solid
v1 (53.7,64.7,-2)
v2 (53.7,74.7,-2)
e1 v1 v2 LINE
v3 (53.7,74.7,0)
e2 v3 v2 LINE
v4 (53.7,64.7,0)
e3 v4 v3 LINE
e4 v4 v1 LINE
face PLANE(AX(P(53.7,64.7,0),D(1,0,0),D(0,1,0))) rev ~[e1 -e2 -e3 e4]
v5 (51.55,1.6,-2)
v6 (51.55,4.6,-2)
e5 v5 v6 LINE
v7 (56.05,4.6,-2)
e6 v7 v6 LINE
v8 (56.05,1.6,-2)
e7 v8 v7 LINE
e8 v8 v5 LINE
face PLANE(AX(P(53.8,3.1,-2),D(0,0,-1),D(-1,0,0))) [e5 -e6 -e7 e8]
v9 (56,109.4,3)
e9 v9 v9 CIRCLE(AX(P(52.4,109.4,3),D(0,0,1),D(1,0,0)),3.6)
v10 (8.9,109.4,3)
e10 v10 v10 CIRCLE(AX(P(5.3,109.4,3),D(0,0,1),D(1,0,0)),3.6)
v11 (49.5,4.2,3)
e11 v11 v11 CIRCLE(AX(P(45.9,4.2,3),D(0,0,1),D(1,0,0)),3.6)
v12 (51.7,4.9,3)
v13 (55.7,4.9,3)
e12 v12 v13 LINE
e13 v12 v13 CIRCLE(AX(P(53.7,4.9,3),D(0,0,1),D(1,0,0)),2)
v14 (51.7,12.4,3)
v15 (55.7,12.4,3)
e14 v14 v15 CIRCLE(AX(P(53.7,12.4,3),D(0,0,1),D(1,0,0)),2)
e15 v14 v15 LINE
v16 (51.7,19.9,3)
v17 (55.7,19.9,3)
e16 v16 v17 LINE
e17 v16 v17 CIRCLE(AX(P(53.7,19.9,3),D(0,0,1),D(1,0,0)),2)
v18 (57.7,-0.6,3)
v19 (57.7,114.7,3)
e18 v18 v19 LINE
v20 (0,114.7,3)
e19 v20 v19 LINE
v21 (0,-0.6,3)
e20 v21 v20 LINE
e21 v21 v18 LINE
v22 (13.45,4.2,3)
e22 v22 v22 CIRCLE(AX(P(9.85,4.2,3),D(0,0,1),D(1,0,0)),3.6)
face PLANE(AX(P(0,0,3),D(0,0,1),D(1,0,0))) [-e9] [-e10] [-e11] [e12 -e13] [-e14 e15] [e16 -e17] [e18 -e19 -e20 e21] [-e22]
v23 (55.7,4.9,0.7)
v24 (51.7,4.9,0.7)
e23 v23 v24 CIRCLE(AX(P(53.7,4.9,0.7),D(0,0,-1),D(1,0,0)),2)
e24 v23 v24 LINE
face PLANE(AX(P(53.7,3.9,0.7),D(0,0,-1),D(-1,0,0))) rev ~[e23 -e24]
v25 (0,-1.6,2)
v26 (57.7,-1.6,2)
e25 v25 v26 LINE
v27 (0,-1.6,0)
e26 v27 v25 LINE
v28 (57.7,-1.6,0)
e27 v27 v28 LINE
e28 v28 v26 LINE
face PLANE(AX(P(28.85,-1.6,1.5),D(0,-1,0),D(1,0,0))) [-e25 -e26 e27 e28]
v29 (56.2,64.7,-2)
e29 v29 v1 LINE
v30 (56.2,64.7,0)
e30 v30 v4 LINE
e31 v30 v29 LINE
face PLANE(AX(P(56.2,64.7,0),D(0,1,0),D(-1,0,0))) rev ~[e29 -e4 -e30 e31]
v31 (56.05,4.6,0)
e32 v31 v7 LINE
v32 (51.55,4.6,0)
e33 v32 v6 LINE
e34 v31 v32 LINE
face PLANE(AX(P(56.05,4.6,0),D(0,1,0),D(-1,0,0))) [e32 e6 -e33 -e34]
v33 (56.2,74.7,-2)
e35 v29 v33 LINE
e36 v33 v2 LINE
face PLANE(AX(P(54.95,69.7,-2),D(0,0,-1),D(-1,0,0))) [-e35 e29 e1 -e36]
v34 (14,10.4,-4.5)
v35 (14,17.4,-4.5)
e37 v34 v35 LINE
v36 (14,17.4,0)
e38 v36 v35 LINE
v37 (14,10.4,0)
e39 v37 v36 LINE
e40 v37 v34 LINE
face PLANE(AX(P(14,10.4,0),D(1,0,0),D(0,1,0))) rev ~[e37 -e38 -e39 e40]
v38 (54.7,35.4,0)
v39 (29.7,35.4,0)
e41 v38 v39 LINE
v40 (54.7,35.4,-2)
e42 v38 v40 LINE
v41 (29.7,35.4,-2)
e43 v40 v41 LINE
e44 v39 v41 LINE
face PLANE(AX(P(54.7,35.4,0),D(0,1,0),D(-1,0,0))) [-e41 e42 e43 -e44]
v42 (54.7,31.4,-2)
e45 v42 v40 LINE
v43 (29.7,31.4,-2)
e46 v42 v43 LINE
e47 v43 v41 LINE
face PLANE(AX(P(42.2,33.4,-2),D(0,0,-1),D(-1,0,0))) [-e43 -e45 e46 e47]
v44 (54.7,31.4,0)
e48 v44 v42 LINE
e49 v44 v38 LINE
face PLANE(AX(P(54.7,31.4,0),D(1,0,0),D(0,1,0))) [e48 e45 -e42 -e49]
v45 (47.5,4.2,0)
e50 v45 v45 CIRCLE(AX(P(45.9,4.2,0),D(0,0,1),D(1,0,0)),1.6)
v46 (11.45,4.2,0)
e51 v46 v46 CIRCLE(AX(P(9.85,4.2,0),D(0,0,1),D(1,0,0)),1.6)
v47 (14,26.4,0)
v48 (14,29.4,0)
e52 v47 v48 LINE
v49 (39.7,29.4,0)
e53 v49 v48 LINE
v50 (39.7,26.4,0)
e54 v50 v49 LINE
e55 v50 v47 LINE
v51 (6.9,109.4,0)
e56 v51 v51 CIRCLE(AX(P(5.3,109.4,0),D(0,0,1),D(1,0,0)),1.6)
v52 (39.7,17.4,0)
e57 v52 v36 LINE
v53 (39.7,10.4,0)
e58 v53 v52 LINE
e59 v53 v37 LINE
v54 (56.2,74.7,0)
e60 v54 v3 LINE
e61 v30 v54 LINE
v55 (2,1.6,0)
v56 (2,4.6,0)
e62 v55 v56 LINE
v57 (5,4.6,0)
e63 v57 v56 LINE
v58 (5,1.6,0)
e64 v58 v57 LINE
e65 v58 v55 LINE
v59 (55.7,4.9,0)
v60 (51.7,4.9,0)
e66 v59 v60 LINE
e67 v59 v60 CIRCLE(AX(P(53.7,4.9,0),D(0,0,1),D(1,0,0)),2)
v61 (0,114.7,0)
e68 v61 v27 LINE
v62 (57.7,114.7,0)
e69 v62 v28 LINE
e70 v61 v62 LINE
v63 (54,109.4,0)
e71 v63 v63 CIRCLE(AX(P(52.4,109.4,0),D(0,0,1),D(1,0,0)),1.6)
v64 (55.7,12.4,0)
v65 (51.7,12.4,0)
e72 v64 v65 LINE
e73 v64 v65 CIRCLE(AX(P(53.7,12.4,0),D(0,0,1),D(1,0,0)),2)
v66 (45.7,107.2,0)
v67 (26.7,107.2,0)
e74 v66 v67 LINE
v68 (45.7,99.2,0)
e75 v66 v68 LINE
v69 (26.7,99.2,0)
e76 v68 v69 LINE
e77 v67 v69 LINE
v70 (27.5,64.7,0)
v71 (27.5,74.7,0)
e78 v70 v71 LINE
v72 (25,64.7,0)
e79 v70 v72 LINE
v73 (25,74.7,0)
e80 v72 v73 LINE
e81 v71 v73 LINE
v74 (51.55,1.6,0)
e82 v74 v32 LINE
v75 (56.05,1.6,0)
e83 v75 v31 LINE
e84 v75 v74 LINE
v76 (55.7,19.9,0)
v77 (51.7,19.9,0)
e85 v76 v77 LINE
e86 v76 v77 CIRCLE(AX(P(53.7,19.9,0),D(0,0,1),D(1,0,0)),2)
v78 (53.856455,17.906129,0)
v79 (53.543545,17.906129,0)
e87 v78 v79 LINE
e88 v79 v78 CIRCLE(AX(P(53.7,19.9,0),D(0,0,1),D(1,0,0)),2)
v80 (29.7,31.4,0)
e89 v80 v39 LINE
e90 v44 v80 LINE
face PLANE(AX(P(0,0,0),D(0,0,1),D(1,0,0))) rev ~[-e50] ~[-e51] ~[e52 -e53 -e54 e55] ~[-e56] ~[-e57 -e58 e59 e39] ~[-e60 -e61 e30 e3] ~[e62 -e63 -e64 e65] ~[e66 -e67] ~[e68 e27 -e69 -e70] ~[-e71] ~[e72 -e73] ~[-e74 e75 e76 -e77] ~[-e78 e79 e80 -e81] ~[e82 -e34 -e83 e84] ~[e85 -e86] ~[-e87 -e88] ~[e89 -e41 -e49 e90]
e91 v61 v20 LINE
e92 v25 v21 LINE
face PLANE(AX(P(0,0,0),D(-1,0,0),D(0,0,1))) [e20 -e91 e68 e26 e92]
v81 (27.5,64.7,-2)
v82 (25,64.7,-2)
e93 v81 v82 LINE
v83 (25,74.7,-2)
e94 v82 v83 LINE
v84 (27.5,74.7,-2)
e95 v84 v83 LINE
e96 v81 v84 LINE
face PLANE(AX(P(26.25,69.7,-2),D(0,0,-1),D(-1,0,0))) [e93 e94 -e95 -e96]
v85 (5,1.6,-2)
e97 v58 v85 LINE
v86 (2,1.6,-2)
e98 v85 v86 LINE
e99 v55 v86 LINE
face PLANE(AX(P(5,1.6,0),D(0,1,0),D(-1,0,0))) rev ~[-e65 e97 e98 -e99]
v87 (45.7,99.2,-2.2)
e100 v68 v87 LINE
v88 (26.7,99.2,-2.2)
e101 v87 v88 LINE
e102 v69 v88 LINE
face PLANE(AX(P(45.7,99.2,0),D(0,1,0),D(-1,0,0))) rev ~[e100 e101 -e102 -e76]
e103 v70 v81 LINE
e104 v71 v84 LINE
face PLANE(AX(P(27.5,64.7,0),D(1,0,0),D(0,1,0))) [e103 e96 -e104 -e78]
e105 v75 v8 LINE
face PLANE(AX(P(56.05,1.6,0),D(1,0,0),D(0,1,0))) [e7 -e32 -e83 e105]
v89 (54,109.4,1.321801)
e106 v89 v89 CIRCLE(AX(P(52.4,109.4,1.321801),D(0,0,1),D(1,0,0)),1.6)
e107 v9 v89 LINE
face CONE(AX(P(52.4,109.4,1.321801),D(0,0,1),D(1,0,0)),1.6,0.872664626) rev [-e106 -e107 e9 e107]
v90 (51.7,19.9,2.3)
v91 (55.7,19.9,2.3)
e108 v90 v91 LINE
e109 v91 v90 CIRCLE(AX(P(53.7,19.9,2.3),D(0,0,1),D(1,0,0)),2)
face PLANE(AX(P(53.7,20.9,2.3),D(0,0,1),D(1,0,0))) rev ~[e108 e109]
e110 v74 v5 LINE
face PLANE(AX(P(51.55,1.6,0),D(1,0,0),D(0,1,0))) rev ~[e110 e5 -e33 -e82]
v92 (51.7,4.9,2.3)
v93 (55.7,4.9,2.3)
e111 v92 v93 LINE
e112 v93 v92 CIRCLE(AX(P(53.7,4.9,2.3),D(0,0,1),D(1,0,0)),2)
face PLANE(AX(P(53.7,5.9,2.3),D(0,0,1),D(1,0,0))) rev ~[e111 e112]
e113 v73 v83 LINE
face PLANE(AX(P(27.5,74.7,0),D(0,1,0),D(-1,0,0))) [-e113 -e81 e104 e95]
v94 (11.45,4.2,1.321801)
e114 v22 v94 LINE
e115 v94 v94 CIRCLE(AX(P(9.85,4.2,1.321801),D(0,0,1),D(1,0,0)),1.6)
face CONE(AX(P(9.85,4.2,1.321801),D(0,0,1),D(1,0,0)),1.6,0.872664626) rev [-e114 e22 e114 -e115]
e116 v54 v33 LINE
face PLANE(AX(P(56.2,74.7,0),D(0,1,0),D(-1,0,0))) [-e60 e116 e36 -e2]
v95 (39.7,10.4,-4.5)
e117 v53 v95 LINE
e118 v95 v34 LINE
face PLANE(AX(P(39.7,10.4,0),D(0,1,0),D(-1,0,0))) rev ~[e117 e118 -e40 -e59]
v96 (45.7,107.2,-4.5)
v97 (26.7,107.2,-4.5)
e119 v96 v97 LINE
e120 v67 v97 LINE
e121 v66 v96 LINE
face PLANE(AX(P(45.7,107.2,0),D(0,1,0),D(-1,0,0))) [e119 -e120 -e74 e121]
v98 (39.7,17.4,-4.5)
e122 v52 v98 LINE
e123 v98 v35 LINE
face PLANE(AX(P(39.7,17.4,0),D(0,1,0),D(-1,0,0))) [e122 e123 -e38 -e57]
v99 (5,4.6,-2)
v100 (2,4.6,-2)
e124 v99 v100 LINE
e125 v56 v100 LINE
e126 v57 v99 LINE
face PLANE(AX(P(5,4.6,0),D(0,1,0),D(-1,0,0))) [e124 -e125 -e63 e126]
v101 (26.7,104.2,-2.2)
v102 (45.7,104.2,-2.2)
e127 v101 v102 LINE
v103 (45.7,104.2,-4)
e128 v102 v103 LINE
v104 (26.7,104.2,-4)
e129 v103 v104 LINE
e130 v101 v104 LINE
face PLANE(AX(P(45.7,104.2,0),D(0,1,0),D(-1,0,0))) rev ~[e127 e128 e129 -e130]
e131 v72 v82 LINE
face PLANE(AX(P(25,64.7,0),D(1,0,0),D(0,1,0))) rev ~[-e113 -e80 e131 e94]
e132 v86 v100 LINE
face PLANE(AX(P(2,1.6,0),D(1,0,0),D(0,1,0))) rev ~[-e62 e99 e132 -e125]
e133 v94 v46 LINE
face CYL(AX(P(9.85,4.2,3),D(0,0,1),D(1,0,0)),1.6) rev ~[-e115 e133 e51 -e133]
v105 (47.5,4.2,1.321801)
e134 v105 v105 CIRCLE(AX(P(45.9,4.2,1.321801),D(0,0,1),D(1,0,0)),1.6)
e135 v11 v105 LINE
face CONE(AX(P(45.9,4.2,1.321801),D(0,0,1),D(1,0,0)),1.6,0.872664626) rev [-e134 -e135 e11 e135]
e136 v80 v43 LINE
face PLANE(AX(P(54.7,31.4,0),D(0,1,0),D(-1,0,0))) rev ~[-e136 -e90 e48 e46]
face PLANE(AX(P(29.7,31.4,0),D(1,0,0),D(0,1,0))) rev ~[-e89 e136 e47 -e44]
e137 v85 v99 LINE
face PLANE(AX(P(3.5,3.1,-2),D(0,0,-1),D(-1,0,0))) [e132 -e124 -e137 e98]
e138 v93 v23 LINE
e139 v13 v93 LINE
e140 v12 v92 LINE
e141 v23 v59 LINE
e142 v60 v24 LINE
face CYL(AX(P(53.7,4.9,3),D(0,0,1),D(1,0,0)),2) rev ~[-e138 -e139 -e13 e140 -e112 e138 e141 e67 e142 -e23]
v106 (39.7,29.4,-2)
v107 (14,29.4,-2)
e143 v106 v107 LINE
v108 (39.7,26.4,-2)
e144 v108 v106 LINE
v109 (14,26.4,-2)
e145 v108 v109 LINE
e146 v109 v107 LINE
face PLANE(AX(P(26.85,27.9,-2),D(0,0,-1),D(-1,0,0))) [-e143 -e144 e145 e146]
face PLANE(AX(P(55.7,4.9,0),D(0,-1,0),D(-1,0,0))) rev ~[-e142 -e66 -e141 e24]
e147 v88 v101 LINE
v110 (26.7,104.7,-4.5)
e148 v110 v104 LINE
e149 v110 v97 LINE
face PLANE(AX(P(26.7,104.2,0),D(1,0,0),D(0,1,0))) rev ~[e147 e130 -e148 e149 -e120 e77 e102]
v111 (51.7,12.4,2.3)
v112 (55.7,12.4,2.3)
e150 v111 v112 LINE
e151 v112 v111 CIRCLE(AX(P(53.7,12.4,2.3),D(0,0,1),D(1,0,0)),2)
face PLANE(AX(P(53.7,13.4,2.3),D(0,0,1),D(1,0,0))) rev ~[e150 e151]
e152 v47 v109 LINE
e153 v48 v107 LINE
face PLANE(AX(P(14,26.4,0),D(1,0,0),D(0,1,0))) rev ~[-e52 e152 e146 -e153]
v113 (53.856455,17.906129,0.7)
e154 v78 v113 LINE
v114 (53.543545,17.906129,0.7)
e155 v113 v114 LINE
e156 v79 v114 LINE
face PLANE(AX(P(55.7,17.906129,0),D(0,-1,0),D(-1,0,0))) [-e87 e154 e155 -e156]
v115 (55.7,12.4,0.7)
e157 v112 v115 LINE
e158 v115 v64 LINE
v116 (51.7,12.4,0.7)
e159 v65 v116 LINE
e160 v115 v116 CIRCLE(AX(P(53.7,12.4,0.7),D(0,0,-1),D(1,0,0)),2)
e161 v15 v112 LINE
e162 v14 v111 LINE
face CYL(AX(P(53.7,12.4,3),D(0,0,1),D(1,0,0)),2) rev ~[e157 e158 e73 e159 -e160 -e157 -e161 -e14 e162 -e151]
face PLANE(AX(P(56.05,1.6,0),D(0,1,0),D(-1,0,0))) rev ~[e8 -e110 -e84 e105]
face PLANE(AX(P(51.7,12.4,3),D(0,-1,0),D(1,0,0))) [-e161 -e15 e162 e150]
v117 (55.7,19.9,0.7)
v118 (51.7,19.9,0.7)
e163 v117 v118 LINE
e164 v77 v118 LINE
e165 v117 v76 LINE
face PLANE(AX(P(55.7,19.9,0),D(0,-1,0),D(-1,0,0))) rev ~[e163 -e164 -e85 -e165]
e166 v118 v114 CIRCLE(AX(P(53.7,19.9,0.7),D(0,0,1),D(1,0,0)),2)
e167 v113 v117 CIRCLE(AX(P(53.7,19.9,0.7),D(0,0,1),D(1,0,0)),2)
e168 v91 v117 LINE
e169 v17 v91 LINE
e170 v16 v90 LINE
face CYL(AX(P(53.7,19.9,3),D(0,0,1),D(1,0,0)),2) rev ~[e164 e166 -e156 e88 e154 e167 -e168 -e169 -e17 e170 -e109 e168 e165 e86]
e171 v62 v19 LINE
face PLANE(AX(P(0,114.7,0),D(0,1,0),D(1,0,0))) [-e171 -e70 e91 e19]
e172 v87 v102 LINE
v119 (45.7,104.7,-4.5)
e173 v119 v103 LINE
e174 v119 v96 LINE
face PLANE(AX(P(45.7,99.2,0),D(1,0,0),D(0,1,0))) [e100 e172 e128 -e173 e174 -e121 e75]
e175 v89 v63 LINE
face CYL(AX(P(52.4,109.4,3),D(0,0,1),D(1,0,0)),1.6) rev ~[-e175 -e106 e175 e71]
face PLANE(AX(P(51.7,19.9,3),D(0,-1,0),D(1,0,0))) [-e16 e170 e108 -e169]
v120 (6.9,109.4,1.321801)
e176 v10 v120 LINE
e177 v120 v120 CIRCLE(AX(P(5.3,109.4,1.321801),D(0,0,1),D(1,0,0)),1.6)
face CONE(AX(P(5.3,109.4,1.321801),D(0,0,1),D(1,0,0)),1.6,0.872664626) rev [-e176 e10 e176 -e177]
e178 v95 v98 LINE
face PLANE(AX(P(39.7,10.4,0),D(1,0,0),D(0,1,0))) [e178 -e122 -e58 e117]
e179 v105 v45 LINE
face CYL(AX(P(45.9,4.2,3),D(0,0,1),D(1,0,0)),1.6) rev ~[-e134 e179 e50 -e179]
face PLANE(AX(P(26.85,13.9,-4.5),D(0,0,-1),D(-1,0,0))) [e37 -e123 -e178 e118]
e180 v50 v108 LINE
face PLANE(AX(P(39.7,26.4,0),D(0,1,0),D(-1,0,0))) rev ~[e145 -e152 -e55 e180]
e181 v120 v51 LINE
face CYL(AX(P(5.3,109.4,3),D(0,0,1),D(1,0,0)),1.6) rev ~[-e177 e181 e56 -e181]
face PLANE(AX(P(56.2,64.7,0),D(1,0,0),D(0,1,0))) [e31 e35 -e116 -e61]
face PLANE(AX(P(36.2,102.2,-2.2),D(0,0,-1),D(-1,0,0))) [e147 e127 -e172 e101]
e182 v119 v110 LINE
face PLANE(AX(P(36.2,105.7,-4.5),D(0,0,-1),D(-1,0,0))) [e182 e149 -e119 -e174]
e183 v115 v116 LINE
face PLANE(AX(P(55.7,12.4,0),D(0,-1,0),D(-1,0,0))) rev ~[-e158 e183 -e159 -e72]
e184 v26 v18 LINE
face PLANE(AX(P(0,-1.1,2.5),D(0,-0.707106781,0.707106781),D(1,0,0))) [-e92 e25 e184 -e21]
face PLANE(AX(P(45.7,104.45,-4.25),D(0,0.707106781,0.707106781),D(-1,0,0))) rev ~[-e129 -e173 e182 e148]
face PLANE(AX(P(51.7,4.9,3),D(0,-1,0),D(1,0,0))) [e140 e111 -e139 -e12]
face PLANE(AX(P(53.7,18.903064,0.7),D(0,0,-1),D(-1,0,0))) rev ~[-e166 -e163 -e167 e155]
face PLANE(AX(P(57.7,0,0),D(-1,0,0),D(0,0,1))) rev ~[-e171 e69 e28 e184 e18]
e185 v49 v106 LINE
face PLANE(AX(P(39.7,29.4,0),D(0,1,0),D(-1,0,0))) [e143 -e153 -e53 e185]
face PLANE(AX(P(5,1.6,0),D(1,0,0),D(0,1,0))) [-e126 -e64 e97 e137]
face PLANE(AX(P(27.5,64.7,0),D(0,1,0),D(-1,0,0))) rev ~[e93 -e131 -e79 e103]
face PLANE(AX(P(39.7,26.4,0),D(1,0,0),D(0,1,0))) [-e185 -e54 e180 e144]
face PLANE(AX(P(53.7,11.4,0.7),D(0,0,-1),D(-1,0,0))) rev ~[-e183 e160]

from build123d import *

# Parameters (mm, degrees)
SKETCH1_W            = 57.7
SKETCH1_H            = 114.7
BOSS_EXTRUDE1_DEPTH  = 3
SKETCH2_R            = 1.6
CUT_EXTRUDE1_DEPTH   = 3
CHAMFER1_SIZE        = 2
CHAMFER1_SIZE2       = 1.678199262
SKETCH4_W            = 57.7
SKETCH4_H            = 3
BOSS_EXTRUDE2_DEPTH  = 1.6
SKETCH5_W            = 19
SKETCH5_H            = 6
BOSS_EXTRUDE3_DEPTH  = 2.2
SKETCH7_W            = 19
SKETCH7_H            = 3
BOSS_EXTRUDE4_DEPTH  = 4.5
CHAMFER2_SIZE        = 0.5
SKETCH8_W            = 25.7
SKETCH8_H            = 3
SKETCH8_W_2          = 25
SKETCH8_H_2          = 4
BOSS_EXTRUDE5_DEPTH  = 2
SKETCH9_W            = 25.7
SKETCH9_H            = 7
BOSS_EXTRUDE6_DEPTH  = 4.5
SKETCH10_R           = 2
CUT_EXTRUDE2_DEPTH   = 3
SKETCH11_W           = 4
SKETCH11_H           = 2
BOSS_EXTRUDE7_DEPTH  = 0.7
SKETCH12_W           = 4
SKETCH12_H           = 1.993871031
SKETCH12_H_2         = 2
BOSS_EXTRUDE11_DEPTH = 0.7
SKETCH13_W           = 4.5
SKETCH13_H           = 3
SKETCH13_W_2         = 3
BOSS_EXTRUDE12_DEPTH = 2
SKETCH14_W           = 2.5
SKETCH14_H           = 10
BOSS_EXTRUDE13_DEPTH = 2
CHAMFER3_SIZE        = 1


with BuildPart() as part:
    # Sketch1 → Boss-Extrude1 (new body)
    with BuildSketch(Plane.XY):
        with Locations((28.85, 57.35)):
            Rectangle(SKETCH1_W, SKETCH1_H)
    extrude(amount=BOSS_EXTRUDE1_DEPTH)

    # Sketch2 → Cut-Extrude1 (cut)
    with BuildSketch(Plane.XY.offset(3)):
        with Locations((5.3, 109.4)):
            Circle(SKETCH2_R)
        with Locations((52.4, 109.4)):
            Circle(SKETCH2_R)
        with Locations((9.85, 4.2)):
            Circle(SKETCH2_R)
        with Locations((45.9, 4.2)):
            Circle(SKETCH2_R)
    extrude(amount=-CUT_EXTRUDE1_DEPTH, mode=Mode.SUBTRACT)

    # Chamfer1
    chamfer1_edges = [part.edges().sort_by_distance(p)[0] for p in [
        (3.7, 109.4, 3),
        (44.3, 4.2, 3),
        (8.25, 4.2, 3),
        (50.8, 109.4, 3),
    ]]
    chamfer1_side = [part.faces().sort_by_distance(p)[0] for p in [
        (28.85238123, 57.352686516, 3),
    ]]
    chamfer(chamfer1_edges, length=CHAMFER1_SIZE, length2=CHAMFER1_SIZE2, reference=chamfer1_side[0])

    # Sketch4 → Boss-Extrude2 (add)
    with BuildSketch(Plane.XZ):
        with Locations((28.85, 1.5)):
            Rectangle(SKETCH4_W, SKETCH4_H)
    extrude(amount=BOSS_EXTRUDE2_DEPTH)

    # Sketch5 → Boss-Extrude3 (add)
    with BuildSketch(Plane(origin=(0, 0, 0), x_dir=(-1, 0, 0), z_dir=(0, 0, -1))):
        with Locations((-36.2, 102.2)):
            Rectangle(SKETCH5_W, SKETCH5_H)
    extrude(amount=BOSS_EXTRUDE3_DEPTH)

    # Sketch7 → Boss-Extrude4 (add)
    with BuildSketch(Plane(origin=(0, 0, 0), x_dir=(-1, 0, 0), z_dir=(0, 0, -1))):
        with Locations((-36.2, 105.7)):
            Rectangle(SKETCH7_W, SKETCH7_H)
    extrude(amount=BOSS_EXTRUDE4_DEPTH)

    # Chamfer2
    chamfer2_edges = [part.edges().sort_by_distance(p)[0] for p in [
        (36.2, 104.2, -4.5),
    ]]
    chamfer(chamfer2_edges, length=CHAMFER2_SIZE)

    # Sketch8 → Boss-Extrude5 (add)
    with BuildSketch(Plane(origin=(0, 0, 0), x_dir=(-1, 0, 0), z_dir=(0, 0, -1))):
        with Locations((-26.85, 27.9)):
            Rectangle(SKETCH8_W, SKETCH8_H)
        with Locations((-42.2, 33.4)):
            Rectangle(SKETCH8_W_2, SKETCH8_H_2)
    extrude(amount=BOSS_EXTRUDE5_DEPTH)

    # Sketch9 → Boss-Extrude6 (add)
    with BuildSketch(Plane(origin=(0, 0, 0), x_dir=(-1, 0, 0), z_dir=(0, 0, -1))):
        with Locations((-26.85, 13.9)):
            Rectangle(SKETCH9_W, SKETCH9_H)
    extrude(amount=BOSS_EXTRUDE6_DEPTH)

    # Sketch10 → Cut-Extrude2 (cut)
    with BuildSketch(Plane.XY.offset(3)):
        with Locations((53.7, 19.9)):
            Circle(SKETCH10_R)
        with Locations((53.7, 12.4)):
            Circle(SKETCH10_R)
        with Locations((53.7, 4.9)):
            Circle(SKETCH10_R)
    extrude(amount=-CUT_EXTRUDE2_DEPTH, mode=Mode.SUBTRACT)

    # Sketch11 → Boss-Extrude7 (add)
    with BuildSketch(Plane.XY.offset(3)):
        with Locations((53.7, 20.9)):
            Rectangle(SKETCH11_W, SKETCH11_H)
        with Locations((53.7, 13.4)):
            Rectangle(SKETCH11_W, SKETCH11_H)
        with Locations((53.7, 5.9)):
            Rectangle(SKETCH11_W, SKETCH11_H)
    extrude(amount=-BOSS_EXTRUDE7_DEPTH)

    # Sketch12 → Boss-Extrude11 (add)
    with BuildSketch(Plane(origin=(0, 0, 0), x_dir=(-1, 0, 0), z_dir=(0, 0, -1))):
        with Locations((-53.7, 18.903064484)):
            Rectangle(SKETCH12_W, SKETCH12_H)
        with Locations((-53.7, 11.4)):
            Rectangle(SKETCH12_W, SKETCH12_H_2)
        with Locations((-53.7, 3.9)):
            Rectangle(SKETCH12_W, SKETCH12_H_2)
    extrude(amount=-BOSS_EXTRUDE11_DEPTH)

    # Sketch13 → Boss-Extrude12 (add)
    with BuildSketch(Plane(origin=(0, 0, 0), x_dir=(-1, 0, 0), z_dir=(0, 0, -1))):
        with Locations((-53.8, 3.1)):
            Rectangle(SKETCH13_W, SKETCH13_H)
        with Locations((-3.5, 3.1)):
            Rectangle(SKETCH13_W_2, SKETCH13_H)
    extrude(amount=BOSS_EXTRUDE12_DEPTH)

    # Sketch14 → Boss-Extrude13 (add)
    with BuildSketch(Plane(origin=(0, 0, 0), x_dir=(-1, 0, 0), z_dir=(0, 0, -1))):
        with Locations((-54.95, 69.7)):
            Rectangle(SKETCH14_W, SKETCH14_H)
        with Locations((-26.25, 69.7)):
            Rectangle(SKETCH14_W, SKETCH14_H)
    extrude(amount=BOSS_EXTRUDE13_DEPTH)

    # Chamfer3
    chamfer3_edges = [part.edges().sort_by_distance(p)[0] for p in [
        (28.85, -1.6, 3),
    ]]
    chamfer(chamfer3_edges, length=CHAMFER3_SIZE)


solid = part.part
